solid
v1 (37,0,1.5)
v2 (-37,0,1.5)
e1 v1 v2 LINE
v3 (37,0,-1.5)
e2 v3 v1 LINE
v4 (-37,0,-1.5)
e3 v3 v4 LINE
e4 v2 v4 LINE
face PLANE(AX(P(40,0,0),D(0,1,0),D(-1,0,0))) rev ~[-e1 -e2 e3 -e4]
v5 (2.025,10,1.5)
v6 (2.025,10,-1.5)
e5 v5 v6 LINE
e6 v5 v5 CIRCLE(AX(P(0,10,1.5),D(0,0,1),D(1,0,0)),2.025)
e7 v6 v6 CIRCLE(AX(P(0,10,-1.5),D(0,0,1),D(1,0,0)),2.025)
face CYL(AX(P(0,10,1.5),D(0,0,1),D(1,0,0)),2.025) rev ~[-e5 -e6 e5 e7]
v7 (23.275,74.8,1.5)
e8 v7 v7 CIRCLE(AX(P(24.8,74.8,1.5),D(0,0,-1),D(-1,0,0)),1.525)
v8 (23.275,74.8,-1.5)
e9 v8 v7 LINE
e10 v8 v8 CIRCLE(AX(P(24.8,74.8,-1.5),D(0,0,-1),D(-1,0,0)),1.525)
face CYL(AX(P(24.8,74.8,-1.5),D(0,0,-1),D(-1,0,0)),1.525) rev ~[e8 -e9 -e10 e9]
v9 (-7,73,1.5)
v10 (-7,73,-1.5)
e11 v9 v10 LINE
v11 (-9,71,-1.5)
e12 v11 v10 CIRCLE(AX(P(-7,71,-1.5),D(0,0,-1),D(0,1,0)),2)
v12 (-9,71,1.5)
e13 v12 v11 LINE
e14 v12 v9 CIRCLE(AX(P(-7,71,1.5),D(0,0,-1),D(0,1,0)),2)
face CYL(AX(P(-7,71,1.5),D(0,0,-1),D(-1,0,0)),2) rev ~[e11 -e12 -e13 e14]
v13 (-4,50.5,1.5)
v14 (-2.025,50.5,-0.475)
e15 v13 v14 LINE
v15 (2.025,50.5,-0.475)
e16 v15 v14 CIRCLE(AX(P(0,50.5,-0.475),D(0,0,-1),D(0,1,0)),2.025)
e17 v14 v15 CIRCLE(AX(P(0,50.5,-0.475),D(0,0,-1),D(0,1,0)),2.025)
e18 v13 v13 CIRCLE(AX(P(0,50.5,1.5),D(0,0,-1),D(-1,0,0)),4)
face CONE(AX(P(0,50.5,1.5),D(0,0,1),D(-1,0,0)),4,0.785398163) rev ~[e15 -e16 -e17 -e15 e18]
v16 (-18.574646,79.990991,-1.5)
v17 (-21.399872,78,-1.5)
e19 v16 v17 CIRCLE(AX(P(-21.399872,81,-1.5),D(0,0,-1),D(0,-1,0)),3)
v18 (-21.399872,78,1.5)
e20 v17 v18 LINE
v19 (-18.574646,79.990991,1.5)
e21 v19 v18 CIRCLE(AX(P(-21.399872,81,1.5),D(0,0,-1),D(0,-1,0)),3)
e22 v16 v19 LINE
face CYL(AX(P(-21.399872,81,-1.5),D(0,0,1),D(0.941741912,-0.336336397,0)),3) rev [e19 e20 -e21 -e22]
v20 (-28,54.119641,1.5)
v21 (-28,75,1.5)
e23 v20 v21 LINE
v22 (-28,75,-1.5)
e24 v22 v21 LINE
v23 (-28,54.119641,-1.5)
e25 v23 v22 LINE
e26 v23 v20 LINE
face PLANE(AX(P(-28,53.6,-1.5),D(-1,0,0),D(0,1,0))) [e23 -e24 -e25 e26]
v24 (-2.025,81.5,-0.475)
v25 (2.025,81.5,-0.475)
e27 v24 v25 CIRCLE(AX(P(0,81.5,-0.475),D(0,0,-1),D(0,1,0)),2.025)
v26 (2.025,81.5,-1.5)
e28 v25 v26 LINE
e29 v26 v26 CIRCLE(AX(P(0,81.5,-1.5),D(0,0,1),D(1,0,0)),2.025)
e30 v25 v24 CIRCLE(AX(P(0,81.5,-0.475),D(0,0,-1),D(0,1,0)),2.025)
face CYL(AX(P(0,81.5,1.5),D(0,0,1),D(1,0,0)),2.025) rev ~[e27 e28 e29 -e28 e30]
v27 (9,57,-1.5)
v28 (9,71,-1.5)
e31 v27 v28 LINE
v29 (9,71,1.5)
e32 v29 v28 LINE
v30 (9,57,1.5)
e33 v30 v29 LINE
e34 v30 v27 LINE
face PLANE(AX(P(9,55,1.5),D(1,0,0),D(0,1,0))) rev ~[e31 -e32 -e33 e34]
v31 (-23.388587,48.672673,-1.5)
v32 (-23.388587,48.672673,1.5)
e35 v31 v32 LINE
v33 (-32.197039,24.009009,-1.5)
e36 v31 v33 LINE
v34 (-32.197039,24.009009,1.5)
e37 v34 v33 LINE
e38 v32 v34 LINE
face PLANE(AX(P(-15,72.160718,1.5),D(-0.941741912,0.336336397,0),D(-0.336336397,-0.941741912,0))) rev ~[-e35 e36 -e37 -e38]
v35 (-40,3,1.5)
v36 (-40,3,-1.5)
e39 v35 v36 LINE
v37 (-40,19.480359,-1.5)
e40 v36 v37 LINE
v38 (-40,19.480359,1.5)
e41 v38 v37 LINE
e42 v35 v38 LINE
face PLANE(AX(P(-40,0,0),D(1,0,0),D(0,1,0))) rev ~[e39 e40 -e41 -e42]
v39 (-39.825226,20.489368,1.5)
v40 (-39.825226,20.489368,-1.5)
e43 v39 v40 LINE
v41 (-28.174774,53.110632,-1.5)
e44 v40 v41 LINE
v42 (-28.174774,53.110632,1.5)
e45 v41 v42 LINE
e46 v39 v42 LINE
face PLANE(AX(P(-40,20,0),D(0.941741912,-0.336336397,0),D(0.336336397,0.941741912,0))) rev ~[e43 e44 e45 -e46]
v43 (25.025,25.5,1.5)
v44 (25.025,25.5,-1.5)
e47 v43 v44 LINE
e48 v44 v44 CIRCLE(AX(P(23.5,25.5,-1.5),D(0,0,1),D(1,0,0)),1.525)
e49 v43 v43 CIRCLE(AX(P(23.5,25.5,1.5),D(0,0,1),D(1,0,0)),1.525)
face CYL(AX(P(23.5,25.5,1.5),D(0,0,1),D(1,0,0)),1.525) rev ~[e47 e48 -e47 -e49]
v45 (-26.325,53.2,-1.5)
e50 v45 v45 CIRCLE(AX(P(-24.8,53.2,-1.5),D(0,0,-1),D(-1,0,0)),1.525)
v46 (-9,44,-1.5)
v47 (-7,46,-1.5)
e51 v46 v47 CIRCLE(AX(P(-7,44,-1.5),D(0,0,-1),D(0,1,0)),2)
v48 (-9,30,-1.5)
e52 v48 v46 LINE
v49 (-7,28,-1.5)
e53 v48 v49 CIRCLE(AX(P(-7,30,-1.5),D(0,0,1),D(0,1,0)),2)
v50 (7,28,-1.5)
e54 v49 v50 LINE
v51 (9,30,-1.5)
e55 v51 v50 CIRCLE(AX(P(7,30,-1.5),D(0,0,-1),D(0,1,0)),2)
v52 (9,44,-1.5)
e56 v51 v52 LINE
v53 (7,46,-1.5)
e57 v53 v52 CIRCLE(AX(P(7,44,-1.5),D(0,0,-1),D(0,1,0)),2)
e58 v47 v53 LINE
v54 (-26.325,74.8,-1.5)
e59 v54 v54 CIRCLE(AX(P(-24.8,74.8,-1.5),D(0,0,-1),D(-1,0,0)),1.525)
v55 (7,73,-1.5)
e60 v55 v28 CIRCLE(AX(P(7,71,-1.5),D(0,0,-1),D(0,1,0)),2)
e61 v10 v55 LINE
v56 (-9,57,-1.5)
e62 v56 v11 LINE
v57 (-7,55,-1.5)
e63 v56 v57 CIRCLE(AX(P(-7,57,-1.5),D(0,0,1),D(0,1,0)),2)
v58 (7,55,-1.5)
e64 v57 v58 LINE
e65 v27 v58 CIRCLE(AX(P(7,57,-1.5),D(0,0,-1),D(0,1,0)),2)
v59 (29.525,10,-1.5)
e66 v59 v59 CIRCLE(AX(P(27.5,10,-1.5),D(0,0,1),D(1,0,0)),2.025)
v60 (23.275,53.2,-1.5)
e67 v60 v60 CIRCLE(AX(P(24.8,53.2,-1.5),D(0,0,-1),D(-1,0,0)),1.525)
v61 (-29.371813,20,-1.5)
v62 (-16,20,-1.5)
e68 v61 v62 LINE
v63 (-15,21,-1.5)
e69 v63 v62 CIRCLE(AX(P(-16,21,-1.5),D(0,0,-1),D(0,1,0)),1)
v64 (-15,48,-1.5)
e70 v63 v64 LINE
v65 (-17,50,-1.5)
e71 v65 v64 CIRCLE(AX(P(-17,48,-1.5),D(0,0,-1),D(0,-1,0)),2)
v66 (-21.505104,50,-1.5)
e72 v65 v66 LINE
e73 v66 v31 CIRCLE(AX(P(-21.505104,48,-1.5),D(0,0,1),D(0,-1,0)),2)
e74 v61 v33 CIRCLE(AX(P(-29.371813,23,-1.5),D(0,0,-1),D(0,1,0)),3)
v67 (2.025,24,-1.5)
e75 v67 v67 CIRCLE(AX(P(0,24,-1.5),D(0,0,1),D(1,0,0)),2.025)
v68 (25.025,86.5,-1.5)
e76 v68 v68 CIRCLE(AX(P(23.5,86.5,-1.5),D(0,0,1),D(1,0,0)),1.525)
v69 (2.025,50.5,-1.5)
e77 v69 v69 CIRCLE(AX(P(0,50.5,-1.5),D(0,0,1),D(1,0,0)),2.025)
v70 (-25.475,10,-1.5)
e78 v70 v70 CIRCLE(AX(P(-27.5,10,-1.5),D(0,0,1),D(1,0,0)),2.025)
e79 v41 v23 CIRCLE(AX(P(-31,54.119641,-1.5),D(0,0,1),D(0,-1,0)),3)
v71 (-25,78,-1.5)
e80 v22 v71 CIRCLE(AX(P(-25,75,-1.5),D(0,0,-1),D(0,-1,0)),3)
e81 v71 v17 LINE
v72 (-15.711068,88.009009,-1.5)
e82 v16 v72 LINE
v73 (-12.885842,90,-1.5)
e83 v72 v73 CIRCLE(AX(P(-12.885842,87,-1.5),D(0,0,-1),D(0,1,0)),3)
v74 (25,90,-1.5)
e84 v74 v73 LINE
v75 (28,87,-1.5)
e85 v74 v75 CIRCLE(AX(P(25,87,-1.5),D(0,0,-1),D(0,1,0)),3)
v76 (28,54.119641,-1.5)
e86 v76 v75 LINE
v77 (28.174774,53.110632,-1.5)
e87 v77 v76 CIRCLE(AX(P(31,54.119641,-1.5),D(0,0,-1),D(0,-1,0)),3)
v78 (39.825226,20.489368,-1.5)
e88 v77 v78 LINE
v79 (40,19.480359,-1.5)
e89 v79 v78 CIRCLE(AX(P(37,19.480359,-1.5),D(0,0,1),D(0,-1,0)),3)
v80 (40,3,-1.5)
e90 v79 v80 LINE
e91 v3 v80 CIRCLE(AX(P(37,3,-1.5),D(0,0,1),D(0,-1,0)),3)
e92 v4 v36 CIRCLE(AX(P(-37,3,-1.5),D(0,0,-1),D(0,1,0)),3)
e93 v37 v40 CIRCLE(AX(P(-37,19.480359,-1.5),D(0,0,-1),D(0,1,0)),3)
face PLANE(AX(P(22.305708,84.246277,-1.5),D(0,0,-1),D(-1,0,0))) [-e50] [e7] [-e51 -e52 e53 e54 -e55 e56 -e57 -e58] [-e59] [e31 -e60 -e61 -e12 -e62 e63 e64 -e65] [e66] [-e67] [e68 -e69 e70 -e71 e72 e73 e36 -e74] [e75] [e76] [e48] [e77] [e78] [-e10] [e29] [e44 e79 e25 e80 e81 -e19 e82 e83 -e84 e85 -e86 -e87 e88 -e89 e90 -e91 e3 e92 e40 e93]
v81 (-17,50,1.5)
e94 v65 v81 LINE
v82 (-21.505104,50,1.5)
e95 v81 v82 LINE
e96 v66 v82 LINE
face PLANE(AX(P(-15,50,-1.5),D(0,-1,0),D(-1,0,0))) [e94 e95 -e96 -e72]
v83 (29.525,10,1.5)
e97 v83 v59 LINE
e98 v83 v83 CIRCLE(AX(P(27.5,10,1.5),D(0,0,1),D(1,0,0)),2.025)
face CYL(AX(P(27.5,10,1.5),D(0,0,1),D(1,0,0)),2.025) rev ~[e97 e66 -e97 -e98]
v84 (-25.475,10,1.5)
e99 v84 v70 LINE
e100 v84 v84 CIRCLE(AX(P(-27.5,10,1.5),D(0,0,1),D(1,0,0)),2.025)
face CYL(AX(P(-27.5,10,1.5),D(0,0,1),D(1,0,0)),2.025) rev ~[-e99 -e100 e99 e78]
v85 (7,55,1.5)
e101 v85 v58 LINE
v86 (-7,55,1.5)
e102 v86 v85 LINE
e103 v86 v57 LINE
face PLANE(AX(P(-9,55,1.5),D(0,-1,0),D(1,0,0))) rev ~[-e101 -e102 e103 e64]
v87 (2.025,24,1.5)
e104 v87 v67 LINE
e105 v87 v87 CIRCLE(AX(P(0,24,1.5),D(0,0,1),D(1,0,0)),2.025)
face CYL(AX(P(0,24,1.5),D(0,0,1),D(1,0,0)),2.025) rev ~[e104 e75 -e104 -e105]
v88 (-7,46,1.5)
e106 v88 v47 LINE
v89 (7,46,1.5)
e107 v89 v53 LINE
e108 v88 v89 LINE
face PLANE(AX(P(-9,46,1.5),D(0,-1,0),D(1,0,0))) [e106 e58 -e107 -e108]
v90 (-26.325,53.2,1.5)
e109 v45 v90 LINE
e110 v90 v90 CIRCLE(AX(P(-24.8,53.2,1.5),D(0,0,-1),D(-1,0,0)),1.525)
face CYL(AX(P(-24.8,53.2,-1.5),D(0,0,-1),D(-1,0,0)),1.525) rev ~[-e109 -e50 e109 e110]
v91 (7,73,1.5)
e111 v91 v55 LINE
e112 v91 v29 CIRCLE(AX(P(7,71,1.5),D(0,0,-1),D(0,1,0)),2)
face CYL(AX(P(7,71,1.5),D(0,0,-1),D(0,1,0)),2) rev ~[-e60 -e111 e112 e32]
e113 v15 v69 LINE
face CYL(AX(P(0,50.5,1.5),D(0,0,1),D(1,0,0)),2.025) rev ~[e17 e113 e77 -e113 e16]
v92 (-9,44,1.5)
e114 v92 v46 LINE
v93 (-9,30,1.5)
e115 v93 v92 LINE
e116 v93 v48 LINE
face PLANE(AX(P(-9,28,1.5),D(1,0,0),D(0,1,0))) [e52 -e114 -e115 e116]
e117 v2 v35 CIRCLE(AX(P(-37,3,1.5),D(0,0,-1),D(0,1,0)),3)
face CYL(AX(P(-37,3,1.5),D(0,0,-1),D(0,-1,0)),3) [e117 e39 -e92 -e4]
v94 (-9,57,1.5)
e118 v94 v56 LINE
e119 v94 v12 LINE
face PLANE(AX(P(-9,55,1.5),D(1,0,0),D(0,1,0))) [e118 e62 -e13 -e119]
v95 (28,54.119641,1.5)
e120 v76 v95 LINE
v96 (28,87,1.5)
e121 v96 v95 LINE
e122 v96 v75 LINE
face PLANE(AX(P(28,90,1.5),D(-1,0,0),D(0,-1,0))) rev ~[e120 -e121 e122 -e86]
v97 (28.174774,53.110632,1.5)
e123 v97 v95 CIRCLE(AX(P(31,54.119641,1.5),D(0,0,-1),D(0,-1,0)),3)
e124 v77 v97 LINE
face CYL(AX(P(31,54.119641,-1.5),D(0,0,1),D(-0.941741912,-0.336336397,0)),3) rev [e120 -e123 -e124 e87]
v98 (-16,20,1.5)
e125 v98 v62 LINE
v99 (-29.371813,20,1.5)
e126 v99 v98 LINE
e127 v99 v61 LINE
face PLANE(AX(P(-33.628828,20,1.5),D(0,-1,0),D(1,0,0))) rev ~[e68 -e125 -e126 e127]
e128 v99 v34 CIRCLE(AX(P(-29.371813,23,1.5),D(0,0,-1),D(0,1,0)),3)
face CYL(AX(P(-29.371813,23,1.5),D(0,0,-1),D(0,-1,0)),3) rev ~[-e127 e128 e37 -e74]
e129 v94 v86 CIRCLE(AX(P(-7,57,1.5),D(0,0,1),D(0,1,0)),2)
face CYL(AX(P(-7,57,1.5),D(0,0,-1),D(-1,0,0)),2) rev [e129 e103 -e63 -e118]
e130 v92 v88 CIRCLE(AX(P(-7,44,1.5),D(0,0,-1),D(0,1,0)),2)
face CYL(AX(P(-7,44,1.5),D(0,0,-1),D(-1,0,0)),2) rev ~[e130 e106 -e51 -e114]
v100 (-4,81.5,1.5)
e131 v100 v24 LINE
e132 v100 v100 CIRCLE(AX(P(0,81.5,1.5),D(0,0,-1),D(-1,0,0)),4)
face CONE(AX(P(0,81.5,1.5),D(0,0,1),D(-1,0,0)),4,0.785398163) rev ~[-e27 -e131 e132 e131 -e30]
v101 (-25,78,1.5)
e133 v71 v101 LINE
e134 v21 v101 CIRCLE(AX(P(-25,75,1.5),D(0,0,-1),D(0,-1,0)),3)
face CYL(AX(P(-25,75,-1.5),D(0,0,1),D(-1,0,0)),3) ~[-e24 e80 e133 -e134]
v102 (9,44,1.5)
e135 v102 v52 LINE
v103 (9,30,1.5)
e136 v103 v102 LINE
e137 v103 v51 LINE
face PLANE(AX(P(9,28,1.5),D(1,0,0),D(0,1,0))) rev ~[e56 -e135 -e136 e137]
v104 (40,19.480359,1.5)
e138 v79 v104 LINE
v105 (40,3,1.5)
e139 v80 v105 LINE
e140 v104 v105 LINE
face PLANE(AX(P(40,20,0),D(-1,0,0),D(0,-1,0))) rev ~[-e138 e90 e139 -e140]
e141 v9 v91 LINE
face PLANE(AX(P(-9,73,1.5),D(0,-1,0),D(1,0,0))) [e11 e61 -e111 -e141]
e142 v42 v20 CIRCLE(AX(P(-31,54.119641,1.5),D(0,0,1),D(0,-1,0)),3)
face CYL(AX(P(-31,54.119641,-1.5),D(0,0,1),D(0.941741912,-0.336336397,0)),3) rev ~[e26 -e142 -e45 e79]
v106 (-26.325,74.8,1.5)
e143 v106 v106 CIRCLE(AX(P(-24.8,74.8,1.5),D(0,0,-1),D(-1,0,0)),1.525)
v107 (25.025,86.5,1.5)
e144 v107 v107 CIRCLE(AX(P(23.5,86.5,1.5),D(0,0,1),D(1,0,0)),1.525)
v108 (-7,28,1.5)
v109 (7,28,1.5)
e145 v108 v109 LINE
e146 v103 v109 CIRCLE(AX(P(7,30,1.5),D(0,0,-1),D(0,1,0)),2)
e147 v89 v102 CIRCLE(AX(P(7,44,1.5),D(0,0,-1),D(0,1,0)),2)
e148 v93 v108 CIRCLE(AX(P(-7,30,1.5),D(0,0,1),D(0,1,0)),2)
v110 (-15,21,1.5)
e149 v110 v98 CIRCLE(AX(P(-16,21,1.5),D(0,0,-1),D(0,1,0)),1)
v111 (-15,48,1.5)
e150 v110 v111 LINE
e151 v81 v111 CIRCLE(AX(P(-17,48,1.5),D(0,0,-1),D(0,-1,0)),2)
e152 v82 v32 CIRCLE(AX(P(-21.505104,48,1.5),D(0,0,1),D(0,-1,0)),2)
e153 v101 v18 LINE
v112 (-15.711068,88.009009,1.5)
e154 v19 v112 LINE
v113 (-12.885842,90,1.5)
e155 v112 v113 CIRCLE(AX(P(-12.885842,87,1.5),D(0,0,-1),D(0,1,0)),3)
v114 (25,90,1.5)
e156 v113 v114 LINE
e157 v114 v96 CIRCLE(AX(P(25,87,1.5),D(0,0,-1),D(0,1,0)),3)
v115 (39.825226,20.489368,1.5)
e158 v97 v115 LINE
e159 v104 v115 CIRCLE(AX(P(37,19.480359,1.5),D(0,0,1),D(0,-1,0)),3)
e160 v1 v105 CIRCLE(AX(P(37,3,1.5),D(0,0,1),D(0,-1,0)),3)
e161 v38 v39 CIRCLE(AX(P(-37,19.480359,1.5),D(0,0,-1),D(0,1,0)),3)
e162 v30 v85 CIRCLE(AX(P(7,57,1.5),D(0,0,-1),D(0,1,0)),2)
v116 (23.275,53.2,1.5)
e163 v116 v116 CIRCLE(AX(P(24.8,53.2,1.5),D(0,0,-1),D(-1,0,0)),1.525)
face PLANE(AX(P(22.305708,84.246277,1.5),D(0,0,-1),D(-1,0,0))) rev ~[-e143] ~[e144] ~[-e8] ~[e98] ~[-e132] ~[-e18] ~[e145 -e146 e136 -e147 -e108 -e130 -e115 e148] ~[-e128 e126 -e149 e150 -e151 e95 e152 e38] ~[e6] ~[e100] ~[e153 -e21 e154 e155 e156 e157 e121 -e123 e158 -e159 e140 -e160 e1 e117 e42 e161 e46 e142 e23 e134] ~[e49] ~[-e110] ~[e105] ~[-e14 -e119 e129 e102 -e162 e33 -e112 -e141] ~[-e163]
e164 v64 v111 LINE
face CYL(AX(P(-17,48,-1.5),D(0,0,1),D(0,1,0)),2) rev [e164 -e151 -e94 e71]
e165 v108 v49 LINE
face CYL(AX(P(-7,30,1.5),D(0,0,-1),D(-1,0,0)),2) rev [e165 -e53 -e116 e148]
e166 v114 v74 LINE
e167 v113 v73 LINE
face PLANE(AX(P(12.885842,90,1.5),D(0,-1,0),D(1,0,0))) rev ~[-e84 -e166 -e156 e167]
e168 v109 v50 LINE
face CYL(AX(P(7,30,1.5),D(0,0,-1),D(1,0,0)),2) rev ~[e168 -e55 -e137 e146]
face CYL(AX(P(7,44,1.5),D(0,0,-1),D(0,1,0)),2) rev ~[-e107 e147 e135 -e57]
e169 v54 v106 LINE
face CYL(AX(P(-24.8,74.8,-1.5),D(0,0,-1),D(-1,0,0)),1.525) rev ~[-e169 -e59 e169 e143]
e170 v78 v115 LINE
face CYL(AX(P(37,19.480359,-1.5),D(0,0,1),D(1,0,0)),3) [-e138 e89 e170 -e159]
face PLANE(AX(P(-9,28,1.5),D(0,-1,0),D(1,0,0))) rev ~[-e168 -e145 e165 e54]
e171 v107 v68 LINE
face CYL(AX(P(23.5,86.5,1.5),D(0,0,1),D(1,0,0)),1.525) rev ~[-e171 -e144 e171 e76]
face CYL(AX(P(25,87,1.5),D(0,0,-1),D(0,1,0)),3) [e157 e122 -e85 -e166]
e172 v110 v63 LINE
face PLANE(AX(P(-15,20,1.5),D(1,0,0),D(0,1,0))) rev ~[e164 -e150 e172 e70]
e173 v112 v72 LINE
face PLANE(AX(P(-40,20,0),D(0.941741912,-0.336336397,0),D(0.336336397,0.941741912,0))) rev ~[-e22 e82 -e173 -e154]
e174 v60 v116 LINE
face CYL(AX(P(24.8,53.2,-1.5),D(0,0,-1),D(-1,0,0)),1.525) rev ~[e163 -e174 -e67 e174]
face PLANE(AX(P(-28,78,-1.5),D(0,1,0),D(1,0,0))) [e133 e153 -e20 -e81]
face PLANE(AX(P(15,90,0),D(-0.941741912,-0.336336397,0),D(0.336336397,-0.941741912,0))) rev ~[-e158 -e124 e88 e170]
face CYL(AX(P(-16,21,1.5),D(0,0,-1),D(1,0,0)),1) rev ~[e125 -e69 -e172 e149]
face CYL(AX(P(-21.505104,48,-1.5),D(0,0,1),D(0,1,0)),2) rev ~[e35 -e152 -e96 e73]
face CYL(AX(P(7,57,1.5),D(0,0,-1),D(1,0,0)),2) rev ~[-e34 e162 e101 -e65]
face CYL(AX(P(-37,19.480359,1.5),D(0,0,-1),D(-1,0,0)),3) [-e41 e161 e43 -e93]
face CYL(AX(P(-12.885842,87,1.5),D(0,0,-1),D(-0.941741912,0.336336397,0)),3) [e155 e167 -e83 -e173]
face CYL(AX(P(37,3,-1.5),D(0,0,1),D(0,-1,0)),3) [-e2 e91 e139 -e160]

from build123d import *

# Parameters (mm, degrees)
EXTRUDE_1_DEPTH           = 1.5
SKETCH_2_W                = 18
SKETCH_2_H                = 18
CUT_EXTRUDE_1_DEPTH       = 3
FILLET_1_R                = 1
FILLET_2_R                = 2
FILLET_3_R                = 3
SKETCH_3_R                = 2.025
CUT_EXTRUDE_2_DEPTH       = 1
CUT_EXTRUDE_2_DEPTH_BACK  = 4
SKETCH_4_R                = 2.025
CUT_EXTRUDE_3_DEPTH       = 1
CUT_EXTRUDE_3_DEPTH_BACK  = 4
SKETCH_5_R                = 2.025
CUT_EXTRUDE_4_DEPTH       = 1
CUT_EXTRUDE_4_DEPTH_BACK  = 4
FILLET_4_R                = 3
EXTRUDE_2_DEPTH           = 3
FILLET_5_R                = 3
SKETCH_7_R                = 1.525
CUT_EXTRUDE_5_DEPTH       = 3
HOLE_WIZARD_1_D           = 4.05
HOLE_WIZARD_1_DEPTH       = 100
HOLE_WIZARD_1_CSINK_D     = 8
HOLE_WIZARD_1_CSINK_ANGLE = 90
EXTRUDE_3_DEPTH           = 3
FILLET_6_R                = 3
SKETCH_12_R               = 1.525
CUT_EXTRUDE_6_DEPTH       = 1
CUT_EXTRUDE_6_DEPTH_BACK  = 4
FILLET_7_R                = 2


with BuildPart() as part:
    # 草图1 → 凸台-拉伸1 (new body, symmetric)
    with BuildSketch(Plane.XY):
        Polygon((40, 0), (-40, 0), (-40, 20), (-15, 90), (15, 90), (40, 20), align=None)
    extrude(amount=EXTRUDE_1_DEPTH, both=True)

    # 草图2 → 切除-拉伸1 (cut)
    with BuildSketch(Plane.XY.offset(1.5)):
        Polygon((-15, 72.160717503), (-33.62882768, 20), (-15, 20), align=None)
        with Locations((0, 64)):
            Rectangle(SKETCH_2_W, SKETCH_2_H)
        with Locations((0, 37)):
            Rectangle(SKETCH_2_W, SKETCH_2_H)
    extrude(amount=-CUT_EXTRUDE_1_DEPTH, mode=Mode.SUBTRACT)

    # 圆角1
    fillet_1_edges = [part.edges().sort_by_distance(p)[0] for p in [
        (-15, 20, 0),
        (-15, 72.160717503, 0),
    ]]
    fillet(fillet_1_edges, radius=FILLET_1_R)

    # 圆角2
    fillet_2_edges = [part.edges().sort_by_distance(p)[0] for p in [
        (-9, 46, 0),
        (-9, 28, 0),
        (9, 28, 0),
        (9, 46, 0),
        (-9, 73, 0),
        (-9, 55, 0),
        (9, 55, 0),
        (9, 73, 0),
    ]]
    fillet(fillet_2_edges, radius=FILLET_2_R)

    # 圆角3
    fillet_3_edges = [part.edges().sort_by_distance(p)[0] for p in [
        (40, 0, 0),
        (-40, 0, 0),
        (-40, 20, 0),
        (-15, 90, 0),
        (15, 90, 0),
        (40, 20, 0),
    ]]
    fillet(fillet_3_edges, radius=FILLET_3_R)

    # 草图3 → 切除-拉伸2 (cut, two sides)
    with BuildSketch(Plane.XY.offset(1.5)) as cut_extrude_2_sk:
        with Locations((-27.5, 10)):
            Circle(SKETCH_3_R)
        with Locations((27.5, 10)):
            Circle(SKETCH_3_R)
    extrude(amount=CUT_EXTRUDE_2_DEPTH, mode=Mode.SUBTRACT)
    extrude(cut_extrude_2_sk.sketch, amount=-CUT_EXTRUDE_2_DEPTH_BACK, mode=Mode.SUBTRACT)

    # 草图4 → 切除-拉伸3 (cut, two sides)
    with BuildSketch(Plane.XY.offset(1.5)) as cut_extrude_3_sk:
        with Locations((0, 10)):
            Circle(SKETCH_4_R)
    extrude(amount=CUT_EXTRUDE_3_DEPTH, mode=Mode.SUBTRACT)
    extrude(cut_extrude_3_sk.sketch, amount=-CUT_EXTRUDE_3_DEPTH_BACK, mode=Mode.SUBTRACT)

    # 草图5 → 切除-拉伸4 (cut, two sides)
    with BuildSketch(Plane.XY.offset(1.5)) as cut_extrude_4_sk:
        with Locations((0, 24)):
            Circle(SKETCH_5_R)
        with Locations((0, 50.5)):
            Circle(SKETCH_5_R)
        with Locations((0, 81.5)):
            Circle(SKETCH_5_R)
    extrude(amount=CUT_EXTRUDE_4_DEPTH, mode=Mode.SUBTRACT)
    extrude(cut_extrude_4_sk.sketch, amount=-CUT_EXTRUDE_4_DEPTH_BACK, mode=Mode.SUBTRACT)

    # 圆角4
    fillet_4_edges = [part.edges().sort_by_distance(p)[0] for p in [
        (-33.62882768, 20, 0),
    ]]
    fillet(fillet_4_edges, radius=FILLET_4_R)

    # 草图6 → 凸台-拉伸2 (add)
    with BuildSketch(Plane(origin=(0, 0, -1.5), x_dir=(-1, 0, 0), z_dir=(0, 0, -1))):
        with BuildLine():
            Line((15, 66.387503754), (15, 50))
            Line((15, 50), (22.914541965, 50))
            Line((22.914541965, 50), (16.941741912, 66.723840151))
            ThreePointArc((16.941741912, 66.723840151), (15.82932767, 67.372831596), (15, 66.387503754))
        make_face()
        Polygon((-28, 78), (-28, 53.6), (-19.285714286, 78), align=None)
        Polygon((28, 78), (19.285714286, 78), (28, 53.6), align=None)
    extrude(amount=-EXTRUDE_2_DEPTH)

    # 圆角5
    fillet_5_edges = [part.edges().sort_by_distance(p)[0] for p in [
        (28, 53.6, 0),
        (-28, 78, 0),
        (19.285714286, 78, 0),
        (28, 78, 0),
        (-19.285714286, 78, 0),
        (-28, 53.6, 0),
    ]]
    fillet(fillet_5_edges, radius=FILLET_5_R)

    # 草图7 → 切除-拉伸5 (cut)
    with BuildSketch(Plane(origin=(0, 0, -1.5), x_dir=(-1, 0, 0), z_dir=(0, 0, -1))):
        with Locations((24.8, 74.8)):
            Circle(SKETCH_7_R)
        with Locations((24.8, 53.2)):
            Circle(SKETCH_7_R)
        with Locations((-24.8, 53.2)):
            Circle(SKETCH_7_R)
        with Locations((-24.8, 74.8)):
            Circle(SKETCH_7_R)
    extrude(amount=-CUT_EXTRUDE_5_DEPTH, mode=Mode.SUBTRACT)

    # 孔1
    with Locations(Plane.XY.offset(1.5)):
        with Locations((0, 81.5), (0, 50.5)):
            CounterSinkHole(HOLE_WIZARD_1_D / 2, HOLE_WIZARD_1_CSINK_D / 2, depth=HOLE_WIZARD_1_DEPTH, counter_sink_angle=HOLE_WIZARD_1_CSINK_ANGLE)

    # 草图11 → 凸台-拉伸3 (add)
    with BuildSketch(Plane.XY.offset(1.5)):
        with BuildLine():
            Line((12.885842411, 90), (28, 90))
            Line((28, 90), (28, 75))
            ThreePointArc((28, 75), (27.121320344, 77.121320344), (25, 78))
            Line((25, 78), (21.399871874, 78))
            ThreePointArc((21.399871874, 78), (19.671726564, 78.547753319), (18.57464614, 79.990990809))
            Line((18.57464614, 79.990990809), (15.711068146, 88.009009191))
            ThreePointArc((15.711068146, 88.009009191), (14.613987722, 89.452246681), (12.885842411, 90))
        make_face()
    extrude(amount=-EXTRUDE_3_DEPTH)

    # 圆角6
    fillet_6_edges = [part.edges().sort_by_distance(p)[0] for p in [
        (28, 90, 0),
    ]]
    fillet(fillet_6_edges, radius=FILLET_6_R)

    # 草图12 → 切除-拉伸6 (cut, two sides)
    with BuildSketch(Plane.XY.offset(1.5)) as cut_extrude_6_sk:
        with Locations((23.5, 86.5)):
            Circle(SKETCH_12_R)
        with Locations((23.5, 25.5)):
            Circle(SKETCH_12_R)
    extrude(amount=CUT_EXTRUDE_6_DEPTH, mode=Mode.SUBTRACT)
    extrude(cut_extrude_6_sk.sketch, amount=-CUT_EXTRUDE_6_DEPTH_BACK, mode=Mode.SUBTRACT)

    # 圆角7
    fillet_7_edges = [part.edges().sort_by_distance(p)[0] for p in [
        (-22.914541965, 50, 0),
        (-15, 50, 0),
    ]]
    fillet(fillet_7_edges, radius=FILLET_7_R)


solid = part.part
